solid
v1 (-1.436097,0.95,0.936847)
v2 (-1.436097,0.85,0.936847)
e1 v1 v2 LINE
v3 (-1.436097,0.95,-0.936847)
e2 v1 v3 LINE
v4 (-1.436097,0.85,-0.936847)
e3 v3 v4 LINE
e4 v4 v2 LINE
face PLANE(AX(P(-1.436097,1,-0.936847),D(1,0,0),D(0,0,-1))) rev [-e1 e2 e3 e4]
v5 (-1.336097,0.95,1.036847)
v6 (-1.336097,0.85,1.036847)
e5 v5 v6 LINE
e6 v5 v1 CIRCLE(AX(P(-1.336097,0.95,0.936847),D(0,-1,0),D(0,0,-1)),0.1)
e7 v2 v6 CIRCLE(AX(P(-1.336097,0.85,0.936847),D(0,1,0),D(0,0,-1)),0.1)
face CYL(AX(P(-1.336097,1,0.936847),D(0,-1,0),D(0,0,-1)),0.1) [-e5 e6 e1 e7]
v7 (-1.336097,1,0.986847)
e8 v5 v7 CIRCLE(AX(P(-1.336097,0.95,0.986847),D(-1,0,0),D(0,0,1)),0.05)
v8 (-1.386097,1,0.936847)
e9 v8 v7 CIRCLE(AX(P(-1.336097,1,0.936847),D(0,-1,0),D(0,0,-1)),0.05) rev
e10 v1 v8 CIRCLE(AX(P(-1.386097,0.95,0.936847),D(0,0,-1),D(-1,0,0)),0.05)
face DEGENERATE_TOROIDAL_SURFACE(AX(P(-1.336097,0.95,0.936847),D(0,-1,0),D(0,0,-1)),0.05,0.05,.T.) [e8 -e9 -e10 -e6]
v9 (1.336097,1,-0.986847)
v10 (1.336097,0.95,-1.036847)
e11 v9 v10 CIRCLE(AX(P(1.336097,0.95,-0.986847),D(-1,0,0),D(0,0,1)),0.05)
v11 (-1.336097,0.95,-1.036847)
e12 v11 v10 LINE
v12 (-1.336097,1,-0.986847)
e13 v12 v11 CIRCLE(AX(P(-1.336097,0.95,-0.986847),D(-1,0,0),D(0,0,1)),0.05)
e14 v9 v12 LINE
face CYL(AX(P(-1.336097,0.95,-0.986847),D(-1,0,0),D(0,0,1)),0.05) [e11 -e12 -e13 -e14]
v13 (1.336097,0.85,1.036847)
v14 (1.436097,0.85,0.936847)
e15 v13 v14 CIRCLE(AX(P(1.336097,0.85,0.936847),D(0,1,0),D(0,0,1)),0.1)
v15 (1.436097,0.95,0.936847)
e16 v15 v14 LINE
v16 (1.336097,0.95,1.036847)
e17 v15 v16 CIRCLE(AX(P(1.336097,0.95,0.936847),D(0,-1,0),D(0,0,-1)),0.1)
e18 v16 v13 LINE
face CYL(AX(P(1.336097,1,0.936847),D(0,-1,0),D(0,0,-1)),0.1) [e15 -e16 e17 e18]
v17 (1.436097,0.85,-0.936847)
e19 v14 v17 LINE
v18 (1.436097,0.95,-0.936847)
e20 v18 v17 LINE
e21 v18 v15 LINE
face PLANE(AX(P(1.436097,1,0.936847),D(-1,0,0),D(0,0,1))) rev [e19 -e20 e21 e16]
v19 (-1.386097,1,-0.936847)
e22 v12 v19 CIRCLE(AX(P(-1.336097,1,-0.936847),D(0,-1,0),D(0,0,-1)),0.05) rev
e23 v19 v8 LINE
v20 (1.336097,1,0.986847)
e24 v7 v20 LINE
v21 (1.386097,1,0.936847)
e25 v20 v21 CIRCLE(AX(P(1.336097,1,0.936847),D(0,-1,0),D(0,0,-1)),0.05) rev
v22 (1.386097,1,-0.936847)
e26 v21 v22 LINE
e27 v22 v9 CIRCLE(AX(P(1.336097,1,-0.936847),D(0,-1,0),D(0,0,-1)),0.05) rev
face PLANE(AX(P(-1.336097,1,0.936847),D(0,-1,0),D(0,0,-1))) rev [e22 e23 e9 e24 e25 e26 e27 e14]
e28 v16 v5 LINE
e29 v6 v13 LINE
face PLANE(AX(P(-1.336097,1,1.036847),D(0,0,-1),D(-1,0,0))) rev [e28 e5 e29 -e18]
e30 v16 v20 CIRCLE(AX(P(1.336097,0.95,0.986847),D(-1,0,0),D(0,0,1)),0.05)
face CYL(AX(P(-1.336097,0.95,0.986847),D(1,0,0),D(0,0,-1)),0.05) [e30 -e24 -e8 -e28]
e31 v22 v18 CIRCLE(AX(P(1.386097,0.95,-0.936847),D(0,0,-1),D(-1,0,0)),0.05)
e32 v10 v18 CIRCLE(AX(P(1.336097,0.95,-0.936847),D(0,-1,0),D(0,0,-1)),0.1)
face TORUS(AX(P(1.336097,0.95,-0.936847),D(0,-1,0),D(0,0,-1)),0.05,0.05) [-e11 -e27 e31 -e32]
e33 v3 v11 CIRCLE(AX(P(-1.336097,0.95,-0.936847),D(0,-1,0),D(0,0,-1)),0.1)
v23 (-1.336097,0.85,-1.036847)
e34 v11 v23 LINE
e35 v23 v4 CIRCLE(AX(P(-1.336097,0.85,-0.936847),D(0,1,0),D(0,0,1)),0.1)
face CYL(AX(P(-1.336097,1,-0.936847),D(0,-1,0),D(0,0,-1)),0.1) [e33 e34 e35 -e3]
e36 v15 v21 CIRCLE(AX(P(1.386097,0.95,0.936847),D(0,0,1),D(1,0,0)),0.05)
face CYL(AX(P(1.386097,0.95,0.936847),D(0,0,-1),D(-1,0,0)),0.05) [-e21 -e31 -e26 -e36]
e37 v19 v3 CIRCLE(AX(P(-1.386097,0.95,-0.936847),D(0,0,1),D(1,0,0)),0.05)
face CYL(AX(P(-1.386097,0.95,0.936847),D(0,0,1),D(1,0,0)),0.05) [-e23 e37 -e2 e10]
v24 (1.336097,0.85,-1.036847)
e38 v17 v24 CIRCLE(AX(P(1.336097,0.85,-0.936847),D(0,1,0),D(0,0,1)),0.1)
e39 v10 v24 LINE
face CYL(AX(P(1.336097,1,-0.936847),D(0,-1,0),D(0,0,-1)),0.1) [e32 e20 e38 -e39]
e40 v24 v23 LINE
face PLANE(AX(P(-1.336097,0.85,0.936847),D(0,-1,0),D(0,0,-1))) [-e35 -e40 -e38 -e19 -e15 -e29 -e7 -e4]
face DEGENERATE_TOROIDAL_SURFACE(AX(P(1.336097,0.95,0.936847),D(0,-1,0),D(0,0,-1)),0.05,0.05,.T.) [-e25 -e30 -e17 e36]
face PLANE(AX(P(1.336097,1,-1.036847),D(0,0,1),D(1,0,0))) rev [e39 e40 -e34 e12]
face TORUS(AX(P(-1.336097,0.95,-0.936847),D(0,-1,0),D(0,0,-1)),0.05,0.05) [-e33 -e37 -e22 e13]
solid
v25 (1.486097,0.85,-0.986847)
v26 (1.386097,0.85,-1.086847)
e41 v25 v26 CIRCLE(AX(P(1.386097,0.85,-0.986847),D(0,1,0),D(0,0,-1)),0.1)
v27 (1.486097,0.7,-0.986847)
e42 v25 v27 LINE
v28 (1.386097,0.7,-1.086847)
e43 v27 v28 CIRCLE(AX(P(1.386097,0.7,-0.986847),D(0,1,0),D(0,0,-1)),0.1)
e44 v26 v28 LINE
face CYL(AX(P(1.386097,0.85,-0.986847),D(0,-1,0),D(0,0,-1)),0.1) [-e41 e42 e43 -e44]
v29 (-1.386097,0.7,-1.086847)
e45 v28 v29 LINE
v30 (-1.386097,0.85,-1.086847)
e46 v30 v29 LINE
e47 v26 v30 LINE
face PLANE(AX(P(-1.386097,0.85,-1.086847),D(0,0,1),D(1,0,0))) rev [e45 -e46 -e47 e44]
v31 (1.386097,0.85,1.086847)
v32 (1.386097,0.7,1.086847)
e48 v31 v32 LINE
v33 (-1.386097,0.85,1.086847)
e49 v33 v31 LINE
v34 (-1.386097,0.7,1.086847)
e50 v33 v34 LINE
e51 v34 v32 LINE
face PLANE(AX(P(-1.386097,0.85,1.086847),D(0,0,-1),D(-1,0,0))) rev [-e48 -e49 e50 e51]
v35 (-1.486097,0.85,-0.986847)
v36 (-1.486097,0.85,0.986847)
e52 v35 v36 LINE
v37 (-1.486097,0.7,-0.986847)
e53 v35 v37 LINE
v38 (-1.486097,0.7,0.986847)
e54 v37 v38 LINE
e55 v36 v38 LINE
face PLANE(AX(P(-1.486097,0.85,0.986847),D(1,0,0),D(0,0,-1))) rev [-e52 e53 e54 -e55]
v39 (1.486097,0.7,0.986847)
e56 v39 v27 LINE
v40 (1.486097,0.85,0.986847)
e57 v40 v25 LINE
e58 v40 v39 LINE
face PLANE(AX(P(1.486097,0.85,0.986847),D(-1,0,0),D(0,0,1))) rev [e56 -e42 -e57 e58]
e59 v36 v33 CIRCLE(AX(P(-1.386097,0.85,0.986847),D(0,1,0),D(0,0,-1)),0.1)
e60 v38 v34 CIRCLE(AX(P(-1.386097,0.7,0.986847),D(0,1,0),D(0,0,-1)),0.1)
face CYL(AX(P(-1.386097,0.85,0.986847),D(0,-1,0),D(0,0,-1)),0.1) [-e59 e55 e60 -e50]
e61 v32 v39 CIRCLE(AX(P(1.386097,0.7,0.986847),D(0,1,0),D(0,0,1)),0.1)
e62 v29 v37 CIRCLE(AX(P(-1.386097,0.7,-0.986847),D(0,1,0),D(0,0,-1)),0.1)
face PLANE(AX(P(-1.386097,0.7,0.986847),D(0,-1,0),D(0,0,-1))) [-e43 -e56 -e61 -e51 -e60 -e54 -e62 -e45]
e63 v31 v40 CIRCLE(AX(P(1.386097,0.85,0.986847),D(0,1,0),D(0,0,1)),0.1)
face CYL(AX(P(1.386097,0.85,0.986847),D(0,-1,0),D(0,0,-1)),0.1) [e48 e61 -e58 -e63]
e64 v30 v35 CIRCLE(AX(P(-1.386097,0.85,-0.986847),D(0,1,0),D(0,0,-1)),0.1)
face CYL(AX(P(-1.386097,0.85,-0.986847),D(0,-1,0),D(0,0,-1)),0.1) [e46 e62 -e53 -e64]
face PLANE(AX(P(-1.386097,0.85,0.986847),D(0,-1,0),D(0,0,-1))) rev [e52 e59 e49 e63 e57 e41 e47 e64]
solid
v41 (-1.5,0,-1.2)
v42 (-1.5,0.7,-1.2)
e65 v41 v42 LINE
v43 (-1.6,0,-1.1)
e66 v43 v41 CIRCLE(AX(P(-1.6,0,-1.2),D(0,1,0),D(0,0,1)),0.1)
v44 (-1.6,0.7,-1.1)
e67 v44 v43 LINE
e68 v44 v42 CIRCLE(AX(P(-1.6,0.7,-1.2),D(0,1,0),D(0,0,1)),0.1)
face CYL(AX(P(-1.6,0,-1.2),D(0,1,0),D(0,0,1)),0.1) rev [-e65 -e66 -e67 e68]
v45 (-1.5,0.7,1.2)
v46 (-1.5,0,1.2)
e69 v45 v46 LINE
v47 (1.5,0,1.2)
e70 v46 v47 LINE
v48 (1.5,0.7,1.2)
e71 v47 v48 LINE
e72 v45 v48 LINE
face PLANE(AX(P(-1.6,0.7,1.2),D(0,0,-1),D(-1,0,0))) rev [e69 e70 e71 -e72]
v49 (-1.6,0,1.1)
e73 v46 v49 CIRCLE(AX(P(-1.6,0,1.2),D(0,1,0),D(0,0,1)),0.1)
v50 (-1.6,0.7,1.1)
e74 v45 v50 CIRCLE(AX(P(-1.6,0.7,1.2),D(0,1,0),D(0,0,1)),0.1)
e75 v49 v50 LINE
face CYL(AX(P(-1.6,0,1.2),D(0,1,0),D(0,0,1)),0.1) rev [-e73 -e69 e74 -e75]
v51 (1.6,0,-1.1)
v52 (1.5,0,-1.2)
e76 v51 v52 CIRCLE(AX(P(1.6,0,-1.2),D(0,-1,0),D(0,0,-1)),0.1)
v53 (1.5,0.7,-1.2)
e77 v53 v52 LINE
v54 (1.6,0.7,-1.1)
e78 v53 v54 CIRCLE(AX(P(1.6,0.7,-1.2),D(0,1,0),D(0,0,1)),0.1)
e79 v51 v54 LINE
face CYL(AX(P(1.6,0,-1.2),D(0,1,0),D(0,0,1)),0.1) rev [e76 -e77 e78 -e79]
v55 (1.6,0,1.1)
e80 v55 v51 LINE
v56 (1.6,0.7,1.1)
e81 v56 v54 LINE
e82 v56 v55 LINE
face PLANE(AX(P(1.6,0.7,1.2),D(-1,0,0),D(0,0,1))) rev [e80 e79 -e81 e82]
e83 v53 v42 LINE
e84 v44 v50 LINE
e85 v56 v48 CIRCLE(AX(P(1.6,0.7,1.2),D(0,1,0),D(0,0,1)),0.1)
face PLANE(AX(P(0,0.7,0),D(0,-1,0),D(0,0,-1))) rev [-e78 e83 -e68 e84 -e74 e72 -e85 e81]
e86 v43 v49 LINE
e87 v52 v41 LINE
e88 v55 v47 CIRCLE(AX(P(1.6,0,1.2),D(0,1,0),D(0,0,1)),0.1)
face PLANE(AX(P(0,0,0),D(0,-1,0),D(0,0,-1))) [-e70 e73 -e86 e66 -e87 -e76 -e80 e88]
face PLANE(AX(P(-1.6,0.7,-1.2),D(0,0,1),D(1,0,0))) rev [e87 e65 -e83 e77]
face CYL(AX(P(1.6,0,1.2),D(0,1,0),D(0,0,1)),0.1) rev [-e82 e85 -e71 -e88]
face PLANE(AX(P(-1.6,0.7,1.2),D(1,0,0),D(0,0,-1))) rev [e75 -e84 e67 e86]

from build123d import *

# Parameters (mm, degrees)
SKETCH1_W           = 3.2
SKETCH1_H           = 2.4
BOSS_EXTRUDE1_DEPTH = 0.7
SKETCH2_R           = 0.1
CUT_EXTRUDE1_DEPTH  = 1.7
BOSS_EXTRUDE2_DEPTH = 0.15
BOSS_EXTRUDE3_DEPTH = 0.15
FILLET1_R           = 0.05


with BuildPart() as part:
    # Sketch1 → Boss-Extrude1 (new body)
    with BuildSketch(Plane(origin=(0, 0, 0), x_dir=(1, 0, 0), z_dir=(0, 1, 0))):
        Rectangle(SKETCH1_W, SKETCH1_H)
    extrude(amount=BOSS_EXTRUDE1_DEPTH)

    # Sketch2 → Cut-Extrude1 (cut, through all)
    with BuildSketch(Plane(origin=(0, 0.7, 0), x_dir=(1, 0, 0), z_dir=(0, 1, 0))):
        with Locations((-1.6, 1.2)):
            Circle(SKETCH2_R)
        with Locations((1.6, 1.2)):
            Circle(SKETCH2_R)
        with Locations((1.6, -1.2)):
            Circle(SKETCH2_R)
        with Locations((-1.6, -1.2)):
            Circle(SKETCH2_R)
    extrude(amount=-CUT_EXTRUDE1_DEPTH, mode=Mode.SUBTRACT)


with BuildPart() as body_2:
    # Sketch3 → Boss-Extrude2 (new body)
    with BuildSketch(Plane(origin=(0, 0.7, 0), x_dir=(1, 0, 0), z_dir=(0, 1, 0))):
        with BuildLine():
            Line((-1.386096781, -1.0868469), (1.386096781, -1.0868469))
            ThreePointArc((1.386096781, -1.0868469), (1.456807459, -1.057557578), (1.486096781, -0.9868469))
            Line((1.486096781, -0.9868469), (1.486096781, 0.9868469))
            ThreePointArc((1.486096781, 0.9868469), (1.456807459, 1.057557578), (1.386096781, 1.0868469))
            Line((1.386096781, 1.0868469), (-1.386096781, 1.0868469))
            ThreePointArc((-1.386096781, 1.0868469), (-1.456807459, 1.057557578), (-1.486096781, 0.9868469))
            Line((-1.486096781, 0.9868469), (-1.486096781, -0.9868469))
            ThreePointArc((-1.486096781, -0.9868469), (-1.456807459, -1.057557578), (-1.386096781, -1.0868469))
        make_face()
    extrude(amount=BOSS_EXTRUDE2_DEPTH)


with BuildPart() as body_3:
    # Sketch4 → Boss-Extrude3 (new body)
    with BuildSketch(Plane(origin=(0, 0.85, 0), x_dir=(1, 0, 0), z_dir=(0, 1, 0))):
        with BuildLine():
            Line((-1.336096781, -1.0368469), (1.336096781, -1.0368469))
            ThreePointArc((1.336096781, -1.0368469), (1.406807459, -1.007557578), (1.436096781, -0.9368469))
            Line((1.436096781, -0.9368469), (1.436096781, 0.9368469))
            ThreePointArc((1.436096781, 0.9368469), (1.406807459, 1.007557578), (1.336096781, 1.0368469))
            Line((1.336096781, 1.0368469), (-1.336096781, 1.0368469))
            ThreePointArc((-1.336096781, 1.0368469), (-1.406807459, 1.007557578), (-1.436096781, 0.9368469))
            Line((-1.436096781, 0.9368469), (-1.436096781, -0.9368469))
            ThreePointArc((-1.436096781, -0.9368469), (-1.406807459, -1.007557578), (-1.336096781, -1.0368469))
        make_face()
    extrude(amount=BOSS_EXTRUDE3_DEPTH)

    # Fillet1
    fillet1_edges = [body_3.edges().sort_by_distance(p)[0] for p in [
        (1.406807459, 1, 1.007557578),
        (1.436096781, 1, 0),
        (1.406807459, 1, -1.007557578),
        (0, 1, -1.0368469),
        (-1.406807459, 1, -1.007557578),
        (-1.436096781, 1, 0),
        (-1.406807459, 1, 1.007557578),
        (0, 1, 1.0368469),
    ]]
    fillet(fillet1_edges, radius=FILLET1_R)


solid = Compound([part.part, body_2.part, body_3.part])
